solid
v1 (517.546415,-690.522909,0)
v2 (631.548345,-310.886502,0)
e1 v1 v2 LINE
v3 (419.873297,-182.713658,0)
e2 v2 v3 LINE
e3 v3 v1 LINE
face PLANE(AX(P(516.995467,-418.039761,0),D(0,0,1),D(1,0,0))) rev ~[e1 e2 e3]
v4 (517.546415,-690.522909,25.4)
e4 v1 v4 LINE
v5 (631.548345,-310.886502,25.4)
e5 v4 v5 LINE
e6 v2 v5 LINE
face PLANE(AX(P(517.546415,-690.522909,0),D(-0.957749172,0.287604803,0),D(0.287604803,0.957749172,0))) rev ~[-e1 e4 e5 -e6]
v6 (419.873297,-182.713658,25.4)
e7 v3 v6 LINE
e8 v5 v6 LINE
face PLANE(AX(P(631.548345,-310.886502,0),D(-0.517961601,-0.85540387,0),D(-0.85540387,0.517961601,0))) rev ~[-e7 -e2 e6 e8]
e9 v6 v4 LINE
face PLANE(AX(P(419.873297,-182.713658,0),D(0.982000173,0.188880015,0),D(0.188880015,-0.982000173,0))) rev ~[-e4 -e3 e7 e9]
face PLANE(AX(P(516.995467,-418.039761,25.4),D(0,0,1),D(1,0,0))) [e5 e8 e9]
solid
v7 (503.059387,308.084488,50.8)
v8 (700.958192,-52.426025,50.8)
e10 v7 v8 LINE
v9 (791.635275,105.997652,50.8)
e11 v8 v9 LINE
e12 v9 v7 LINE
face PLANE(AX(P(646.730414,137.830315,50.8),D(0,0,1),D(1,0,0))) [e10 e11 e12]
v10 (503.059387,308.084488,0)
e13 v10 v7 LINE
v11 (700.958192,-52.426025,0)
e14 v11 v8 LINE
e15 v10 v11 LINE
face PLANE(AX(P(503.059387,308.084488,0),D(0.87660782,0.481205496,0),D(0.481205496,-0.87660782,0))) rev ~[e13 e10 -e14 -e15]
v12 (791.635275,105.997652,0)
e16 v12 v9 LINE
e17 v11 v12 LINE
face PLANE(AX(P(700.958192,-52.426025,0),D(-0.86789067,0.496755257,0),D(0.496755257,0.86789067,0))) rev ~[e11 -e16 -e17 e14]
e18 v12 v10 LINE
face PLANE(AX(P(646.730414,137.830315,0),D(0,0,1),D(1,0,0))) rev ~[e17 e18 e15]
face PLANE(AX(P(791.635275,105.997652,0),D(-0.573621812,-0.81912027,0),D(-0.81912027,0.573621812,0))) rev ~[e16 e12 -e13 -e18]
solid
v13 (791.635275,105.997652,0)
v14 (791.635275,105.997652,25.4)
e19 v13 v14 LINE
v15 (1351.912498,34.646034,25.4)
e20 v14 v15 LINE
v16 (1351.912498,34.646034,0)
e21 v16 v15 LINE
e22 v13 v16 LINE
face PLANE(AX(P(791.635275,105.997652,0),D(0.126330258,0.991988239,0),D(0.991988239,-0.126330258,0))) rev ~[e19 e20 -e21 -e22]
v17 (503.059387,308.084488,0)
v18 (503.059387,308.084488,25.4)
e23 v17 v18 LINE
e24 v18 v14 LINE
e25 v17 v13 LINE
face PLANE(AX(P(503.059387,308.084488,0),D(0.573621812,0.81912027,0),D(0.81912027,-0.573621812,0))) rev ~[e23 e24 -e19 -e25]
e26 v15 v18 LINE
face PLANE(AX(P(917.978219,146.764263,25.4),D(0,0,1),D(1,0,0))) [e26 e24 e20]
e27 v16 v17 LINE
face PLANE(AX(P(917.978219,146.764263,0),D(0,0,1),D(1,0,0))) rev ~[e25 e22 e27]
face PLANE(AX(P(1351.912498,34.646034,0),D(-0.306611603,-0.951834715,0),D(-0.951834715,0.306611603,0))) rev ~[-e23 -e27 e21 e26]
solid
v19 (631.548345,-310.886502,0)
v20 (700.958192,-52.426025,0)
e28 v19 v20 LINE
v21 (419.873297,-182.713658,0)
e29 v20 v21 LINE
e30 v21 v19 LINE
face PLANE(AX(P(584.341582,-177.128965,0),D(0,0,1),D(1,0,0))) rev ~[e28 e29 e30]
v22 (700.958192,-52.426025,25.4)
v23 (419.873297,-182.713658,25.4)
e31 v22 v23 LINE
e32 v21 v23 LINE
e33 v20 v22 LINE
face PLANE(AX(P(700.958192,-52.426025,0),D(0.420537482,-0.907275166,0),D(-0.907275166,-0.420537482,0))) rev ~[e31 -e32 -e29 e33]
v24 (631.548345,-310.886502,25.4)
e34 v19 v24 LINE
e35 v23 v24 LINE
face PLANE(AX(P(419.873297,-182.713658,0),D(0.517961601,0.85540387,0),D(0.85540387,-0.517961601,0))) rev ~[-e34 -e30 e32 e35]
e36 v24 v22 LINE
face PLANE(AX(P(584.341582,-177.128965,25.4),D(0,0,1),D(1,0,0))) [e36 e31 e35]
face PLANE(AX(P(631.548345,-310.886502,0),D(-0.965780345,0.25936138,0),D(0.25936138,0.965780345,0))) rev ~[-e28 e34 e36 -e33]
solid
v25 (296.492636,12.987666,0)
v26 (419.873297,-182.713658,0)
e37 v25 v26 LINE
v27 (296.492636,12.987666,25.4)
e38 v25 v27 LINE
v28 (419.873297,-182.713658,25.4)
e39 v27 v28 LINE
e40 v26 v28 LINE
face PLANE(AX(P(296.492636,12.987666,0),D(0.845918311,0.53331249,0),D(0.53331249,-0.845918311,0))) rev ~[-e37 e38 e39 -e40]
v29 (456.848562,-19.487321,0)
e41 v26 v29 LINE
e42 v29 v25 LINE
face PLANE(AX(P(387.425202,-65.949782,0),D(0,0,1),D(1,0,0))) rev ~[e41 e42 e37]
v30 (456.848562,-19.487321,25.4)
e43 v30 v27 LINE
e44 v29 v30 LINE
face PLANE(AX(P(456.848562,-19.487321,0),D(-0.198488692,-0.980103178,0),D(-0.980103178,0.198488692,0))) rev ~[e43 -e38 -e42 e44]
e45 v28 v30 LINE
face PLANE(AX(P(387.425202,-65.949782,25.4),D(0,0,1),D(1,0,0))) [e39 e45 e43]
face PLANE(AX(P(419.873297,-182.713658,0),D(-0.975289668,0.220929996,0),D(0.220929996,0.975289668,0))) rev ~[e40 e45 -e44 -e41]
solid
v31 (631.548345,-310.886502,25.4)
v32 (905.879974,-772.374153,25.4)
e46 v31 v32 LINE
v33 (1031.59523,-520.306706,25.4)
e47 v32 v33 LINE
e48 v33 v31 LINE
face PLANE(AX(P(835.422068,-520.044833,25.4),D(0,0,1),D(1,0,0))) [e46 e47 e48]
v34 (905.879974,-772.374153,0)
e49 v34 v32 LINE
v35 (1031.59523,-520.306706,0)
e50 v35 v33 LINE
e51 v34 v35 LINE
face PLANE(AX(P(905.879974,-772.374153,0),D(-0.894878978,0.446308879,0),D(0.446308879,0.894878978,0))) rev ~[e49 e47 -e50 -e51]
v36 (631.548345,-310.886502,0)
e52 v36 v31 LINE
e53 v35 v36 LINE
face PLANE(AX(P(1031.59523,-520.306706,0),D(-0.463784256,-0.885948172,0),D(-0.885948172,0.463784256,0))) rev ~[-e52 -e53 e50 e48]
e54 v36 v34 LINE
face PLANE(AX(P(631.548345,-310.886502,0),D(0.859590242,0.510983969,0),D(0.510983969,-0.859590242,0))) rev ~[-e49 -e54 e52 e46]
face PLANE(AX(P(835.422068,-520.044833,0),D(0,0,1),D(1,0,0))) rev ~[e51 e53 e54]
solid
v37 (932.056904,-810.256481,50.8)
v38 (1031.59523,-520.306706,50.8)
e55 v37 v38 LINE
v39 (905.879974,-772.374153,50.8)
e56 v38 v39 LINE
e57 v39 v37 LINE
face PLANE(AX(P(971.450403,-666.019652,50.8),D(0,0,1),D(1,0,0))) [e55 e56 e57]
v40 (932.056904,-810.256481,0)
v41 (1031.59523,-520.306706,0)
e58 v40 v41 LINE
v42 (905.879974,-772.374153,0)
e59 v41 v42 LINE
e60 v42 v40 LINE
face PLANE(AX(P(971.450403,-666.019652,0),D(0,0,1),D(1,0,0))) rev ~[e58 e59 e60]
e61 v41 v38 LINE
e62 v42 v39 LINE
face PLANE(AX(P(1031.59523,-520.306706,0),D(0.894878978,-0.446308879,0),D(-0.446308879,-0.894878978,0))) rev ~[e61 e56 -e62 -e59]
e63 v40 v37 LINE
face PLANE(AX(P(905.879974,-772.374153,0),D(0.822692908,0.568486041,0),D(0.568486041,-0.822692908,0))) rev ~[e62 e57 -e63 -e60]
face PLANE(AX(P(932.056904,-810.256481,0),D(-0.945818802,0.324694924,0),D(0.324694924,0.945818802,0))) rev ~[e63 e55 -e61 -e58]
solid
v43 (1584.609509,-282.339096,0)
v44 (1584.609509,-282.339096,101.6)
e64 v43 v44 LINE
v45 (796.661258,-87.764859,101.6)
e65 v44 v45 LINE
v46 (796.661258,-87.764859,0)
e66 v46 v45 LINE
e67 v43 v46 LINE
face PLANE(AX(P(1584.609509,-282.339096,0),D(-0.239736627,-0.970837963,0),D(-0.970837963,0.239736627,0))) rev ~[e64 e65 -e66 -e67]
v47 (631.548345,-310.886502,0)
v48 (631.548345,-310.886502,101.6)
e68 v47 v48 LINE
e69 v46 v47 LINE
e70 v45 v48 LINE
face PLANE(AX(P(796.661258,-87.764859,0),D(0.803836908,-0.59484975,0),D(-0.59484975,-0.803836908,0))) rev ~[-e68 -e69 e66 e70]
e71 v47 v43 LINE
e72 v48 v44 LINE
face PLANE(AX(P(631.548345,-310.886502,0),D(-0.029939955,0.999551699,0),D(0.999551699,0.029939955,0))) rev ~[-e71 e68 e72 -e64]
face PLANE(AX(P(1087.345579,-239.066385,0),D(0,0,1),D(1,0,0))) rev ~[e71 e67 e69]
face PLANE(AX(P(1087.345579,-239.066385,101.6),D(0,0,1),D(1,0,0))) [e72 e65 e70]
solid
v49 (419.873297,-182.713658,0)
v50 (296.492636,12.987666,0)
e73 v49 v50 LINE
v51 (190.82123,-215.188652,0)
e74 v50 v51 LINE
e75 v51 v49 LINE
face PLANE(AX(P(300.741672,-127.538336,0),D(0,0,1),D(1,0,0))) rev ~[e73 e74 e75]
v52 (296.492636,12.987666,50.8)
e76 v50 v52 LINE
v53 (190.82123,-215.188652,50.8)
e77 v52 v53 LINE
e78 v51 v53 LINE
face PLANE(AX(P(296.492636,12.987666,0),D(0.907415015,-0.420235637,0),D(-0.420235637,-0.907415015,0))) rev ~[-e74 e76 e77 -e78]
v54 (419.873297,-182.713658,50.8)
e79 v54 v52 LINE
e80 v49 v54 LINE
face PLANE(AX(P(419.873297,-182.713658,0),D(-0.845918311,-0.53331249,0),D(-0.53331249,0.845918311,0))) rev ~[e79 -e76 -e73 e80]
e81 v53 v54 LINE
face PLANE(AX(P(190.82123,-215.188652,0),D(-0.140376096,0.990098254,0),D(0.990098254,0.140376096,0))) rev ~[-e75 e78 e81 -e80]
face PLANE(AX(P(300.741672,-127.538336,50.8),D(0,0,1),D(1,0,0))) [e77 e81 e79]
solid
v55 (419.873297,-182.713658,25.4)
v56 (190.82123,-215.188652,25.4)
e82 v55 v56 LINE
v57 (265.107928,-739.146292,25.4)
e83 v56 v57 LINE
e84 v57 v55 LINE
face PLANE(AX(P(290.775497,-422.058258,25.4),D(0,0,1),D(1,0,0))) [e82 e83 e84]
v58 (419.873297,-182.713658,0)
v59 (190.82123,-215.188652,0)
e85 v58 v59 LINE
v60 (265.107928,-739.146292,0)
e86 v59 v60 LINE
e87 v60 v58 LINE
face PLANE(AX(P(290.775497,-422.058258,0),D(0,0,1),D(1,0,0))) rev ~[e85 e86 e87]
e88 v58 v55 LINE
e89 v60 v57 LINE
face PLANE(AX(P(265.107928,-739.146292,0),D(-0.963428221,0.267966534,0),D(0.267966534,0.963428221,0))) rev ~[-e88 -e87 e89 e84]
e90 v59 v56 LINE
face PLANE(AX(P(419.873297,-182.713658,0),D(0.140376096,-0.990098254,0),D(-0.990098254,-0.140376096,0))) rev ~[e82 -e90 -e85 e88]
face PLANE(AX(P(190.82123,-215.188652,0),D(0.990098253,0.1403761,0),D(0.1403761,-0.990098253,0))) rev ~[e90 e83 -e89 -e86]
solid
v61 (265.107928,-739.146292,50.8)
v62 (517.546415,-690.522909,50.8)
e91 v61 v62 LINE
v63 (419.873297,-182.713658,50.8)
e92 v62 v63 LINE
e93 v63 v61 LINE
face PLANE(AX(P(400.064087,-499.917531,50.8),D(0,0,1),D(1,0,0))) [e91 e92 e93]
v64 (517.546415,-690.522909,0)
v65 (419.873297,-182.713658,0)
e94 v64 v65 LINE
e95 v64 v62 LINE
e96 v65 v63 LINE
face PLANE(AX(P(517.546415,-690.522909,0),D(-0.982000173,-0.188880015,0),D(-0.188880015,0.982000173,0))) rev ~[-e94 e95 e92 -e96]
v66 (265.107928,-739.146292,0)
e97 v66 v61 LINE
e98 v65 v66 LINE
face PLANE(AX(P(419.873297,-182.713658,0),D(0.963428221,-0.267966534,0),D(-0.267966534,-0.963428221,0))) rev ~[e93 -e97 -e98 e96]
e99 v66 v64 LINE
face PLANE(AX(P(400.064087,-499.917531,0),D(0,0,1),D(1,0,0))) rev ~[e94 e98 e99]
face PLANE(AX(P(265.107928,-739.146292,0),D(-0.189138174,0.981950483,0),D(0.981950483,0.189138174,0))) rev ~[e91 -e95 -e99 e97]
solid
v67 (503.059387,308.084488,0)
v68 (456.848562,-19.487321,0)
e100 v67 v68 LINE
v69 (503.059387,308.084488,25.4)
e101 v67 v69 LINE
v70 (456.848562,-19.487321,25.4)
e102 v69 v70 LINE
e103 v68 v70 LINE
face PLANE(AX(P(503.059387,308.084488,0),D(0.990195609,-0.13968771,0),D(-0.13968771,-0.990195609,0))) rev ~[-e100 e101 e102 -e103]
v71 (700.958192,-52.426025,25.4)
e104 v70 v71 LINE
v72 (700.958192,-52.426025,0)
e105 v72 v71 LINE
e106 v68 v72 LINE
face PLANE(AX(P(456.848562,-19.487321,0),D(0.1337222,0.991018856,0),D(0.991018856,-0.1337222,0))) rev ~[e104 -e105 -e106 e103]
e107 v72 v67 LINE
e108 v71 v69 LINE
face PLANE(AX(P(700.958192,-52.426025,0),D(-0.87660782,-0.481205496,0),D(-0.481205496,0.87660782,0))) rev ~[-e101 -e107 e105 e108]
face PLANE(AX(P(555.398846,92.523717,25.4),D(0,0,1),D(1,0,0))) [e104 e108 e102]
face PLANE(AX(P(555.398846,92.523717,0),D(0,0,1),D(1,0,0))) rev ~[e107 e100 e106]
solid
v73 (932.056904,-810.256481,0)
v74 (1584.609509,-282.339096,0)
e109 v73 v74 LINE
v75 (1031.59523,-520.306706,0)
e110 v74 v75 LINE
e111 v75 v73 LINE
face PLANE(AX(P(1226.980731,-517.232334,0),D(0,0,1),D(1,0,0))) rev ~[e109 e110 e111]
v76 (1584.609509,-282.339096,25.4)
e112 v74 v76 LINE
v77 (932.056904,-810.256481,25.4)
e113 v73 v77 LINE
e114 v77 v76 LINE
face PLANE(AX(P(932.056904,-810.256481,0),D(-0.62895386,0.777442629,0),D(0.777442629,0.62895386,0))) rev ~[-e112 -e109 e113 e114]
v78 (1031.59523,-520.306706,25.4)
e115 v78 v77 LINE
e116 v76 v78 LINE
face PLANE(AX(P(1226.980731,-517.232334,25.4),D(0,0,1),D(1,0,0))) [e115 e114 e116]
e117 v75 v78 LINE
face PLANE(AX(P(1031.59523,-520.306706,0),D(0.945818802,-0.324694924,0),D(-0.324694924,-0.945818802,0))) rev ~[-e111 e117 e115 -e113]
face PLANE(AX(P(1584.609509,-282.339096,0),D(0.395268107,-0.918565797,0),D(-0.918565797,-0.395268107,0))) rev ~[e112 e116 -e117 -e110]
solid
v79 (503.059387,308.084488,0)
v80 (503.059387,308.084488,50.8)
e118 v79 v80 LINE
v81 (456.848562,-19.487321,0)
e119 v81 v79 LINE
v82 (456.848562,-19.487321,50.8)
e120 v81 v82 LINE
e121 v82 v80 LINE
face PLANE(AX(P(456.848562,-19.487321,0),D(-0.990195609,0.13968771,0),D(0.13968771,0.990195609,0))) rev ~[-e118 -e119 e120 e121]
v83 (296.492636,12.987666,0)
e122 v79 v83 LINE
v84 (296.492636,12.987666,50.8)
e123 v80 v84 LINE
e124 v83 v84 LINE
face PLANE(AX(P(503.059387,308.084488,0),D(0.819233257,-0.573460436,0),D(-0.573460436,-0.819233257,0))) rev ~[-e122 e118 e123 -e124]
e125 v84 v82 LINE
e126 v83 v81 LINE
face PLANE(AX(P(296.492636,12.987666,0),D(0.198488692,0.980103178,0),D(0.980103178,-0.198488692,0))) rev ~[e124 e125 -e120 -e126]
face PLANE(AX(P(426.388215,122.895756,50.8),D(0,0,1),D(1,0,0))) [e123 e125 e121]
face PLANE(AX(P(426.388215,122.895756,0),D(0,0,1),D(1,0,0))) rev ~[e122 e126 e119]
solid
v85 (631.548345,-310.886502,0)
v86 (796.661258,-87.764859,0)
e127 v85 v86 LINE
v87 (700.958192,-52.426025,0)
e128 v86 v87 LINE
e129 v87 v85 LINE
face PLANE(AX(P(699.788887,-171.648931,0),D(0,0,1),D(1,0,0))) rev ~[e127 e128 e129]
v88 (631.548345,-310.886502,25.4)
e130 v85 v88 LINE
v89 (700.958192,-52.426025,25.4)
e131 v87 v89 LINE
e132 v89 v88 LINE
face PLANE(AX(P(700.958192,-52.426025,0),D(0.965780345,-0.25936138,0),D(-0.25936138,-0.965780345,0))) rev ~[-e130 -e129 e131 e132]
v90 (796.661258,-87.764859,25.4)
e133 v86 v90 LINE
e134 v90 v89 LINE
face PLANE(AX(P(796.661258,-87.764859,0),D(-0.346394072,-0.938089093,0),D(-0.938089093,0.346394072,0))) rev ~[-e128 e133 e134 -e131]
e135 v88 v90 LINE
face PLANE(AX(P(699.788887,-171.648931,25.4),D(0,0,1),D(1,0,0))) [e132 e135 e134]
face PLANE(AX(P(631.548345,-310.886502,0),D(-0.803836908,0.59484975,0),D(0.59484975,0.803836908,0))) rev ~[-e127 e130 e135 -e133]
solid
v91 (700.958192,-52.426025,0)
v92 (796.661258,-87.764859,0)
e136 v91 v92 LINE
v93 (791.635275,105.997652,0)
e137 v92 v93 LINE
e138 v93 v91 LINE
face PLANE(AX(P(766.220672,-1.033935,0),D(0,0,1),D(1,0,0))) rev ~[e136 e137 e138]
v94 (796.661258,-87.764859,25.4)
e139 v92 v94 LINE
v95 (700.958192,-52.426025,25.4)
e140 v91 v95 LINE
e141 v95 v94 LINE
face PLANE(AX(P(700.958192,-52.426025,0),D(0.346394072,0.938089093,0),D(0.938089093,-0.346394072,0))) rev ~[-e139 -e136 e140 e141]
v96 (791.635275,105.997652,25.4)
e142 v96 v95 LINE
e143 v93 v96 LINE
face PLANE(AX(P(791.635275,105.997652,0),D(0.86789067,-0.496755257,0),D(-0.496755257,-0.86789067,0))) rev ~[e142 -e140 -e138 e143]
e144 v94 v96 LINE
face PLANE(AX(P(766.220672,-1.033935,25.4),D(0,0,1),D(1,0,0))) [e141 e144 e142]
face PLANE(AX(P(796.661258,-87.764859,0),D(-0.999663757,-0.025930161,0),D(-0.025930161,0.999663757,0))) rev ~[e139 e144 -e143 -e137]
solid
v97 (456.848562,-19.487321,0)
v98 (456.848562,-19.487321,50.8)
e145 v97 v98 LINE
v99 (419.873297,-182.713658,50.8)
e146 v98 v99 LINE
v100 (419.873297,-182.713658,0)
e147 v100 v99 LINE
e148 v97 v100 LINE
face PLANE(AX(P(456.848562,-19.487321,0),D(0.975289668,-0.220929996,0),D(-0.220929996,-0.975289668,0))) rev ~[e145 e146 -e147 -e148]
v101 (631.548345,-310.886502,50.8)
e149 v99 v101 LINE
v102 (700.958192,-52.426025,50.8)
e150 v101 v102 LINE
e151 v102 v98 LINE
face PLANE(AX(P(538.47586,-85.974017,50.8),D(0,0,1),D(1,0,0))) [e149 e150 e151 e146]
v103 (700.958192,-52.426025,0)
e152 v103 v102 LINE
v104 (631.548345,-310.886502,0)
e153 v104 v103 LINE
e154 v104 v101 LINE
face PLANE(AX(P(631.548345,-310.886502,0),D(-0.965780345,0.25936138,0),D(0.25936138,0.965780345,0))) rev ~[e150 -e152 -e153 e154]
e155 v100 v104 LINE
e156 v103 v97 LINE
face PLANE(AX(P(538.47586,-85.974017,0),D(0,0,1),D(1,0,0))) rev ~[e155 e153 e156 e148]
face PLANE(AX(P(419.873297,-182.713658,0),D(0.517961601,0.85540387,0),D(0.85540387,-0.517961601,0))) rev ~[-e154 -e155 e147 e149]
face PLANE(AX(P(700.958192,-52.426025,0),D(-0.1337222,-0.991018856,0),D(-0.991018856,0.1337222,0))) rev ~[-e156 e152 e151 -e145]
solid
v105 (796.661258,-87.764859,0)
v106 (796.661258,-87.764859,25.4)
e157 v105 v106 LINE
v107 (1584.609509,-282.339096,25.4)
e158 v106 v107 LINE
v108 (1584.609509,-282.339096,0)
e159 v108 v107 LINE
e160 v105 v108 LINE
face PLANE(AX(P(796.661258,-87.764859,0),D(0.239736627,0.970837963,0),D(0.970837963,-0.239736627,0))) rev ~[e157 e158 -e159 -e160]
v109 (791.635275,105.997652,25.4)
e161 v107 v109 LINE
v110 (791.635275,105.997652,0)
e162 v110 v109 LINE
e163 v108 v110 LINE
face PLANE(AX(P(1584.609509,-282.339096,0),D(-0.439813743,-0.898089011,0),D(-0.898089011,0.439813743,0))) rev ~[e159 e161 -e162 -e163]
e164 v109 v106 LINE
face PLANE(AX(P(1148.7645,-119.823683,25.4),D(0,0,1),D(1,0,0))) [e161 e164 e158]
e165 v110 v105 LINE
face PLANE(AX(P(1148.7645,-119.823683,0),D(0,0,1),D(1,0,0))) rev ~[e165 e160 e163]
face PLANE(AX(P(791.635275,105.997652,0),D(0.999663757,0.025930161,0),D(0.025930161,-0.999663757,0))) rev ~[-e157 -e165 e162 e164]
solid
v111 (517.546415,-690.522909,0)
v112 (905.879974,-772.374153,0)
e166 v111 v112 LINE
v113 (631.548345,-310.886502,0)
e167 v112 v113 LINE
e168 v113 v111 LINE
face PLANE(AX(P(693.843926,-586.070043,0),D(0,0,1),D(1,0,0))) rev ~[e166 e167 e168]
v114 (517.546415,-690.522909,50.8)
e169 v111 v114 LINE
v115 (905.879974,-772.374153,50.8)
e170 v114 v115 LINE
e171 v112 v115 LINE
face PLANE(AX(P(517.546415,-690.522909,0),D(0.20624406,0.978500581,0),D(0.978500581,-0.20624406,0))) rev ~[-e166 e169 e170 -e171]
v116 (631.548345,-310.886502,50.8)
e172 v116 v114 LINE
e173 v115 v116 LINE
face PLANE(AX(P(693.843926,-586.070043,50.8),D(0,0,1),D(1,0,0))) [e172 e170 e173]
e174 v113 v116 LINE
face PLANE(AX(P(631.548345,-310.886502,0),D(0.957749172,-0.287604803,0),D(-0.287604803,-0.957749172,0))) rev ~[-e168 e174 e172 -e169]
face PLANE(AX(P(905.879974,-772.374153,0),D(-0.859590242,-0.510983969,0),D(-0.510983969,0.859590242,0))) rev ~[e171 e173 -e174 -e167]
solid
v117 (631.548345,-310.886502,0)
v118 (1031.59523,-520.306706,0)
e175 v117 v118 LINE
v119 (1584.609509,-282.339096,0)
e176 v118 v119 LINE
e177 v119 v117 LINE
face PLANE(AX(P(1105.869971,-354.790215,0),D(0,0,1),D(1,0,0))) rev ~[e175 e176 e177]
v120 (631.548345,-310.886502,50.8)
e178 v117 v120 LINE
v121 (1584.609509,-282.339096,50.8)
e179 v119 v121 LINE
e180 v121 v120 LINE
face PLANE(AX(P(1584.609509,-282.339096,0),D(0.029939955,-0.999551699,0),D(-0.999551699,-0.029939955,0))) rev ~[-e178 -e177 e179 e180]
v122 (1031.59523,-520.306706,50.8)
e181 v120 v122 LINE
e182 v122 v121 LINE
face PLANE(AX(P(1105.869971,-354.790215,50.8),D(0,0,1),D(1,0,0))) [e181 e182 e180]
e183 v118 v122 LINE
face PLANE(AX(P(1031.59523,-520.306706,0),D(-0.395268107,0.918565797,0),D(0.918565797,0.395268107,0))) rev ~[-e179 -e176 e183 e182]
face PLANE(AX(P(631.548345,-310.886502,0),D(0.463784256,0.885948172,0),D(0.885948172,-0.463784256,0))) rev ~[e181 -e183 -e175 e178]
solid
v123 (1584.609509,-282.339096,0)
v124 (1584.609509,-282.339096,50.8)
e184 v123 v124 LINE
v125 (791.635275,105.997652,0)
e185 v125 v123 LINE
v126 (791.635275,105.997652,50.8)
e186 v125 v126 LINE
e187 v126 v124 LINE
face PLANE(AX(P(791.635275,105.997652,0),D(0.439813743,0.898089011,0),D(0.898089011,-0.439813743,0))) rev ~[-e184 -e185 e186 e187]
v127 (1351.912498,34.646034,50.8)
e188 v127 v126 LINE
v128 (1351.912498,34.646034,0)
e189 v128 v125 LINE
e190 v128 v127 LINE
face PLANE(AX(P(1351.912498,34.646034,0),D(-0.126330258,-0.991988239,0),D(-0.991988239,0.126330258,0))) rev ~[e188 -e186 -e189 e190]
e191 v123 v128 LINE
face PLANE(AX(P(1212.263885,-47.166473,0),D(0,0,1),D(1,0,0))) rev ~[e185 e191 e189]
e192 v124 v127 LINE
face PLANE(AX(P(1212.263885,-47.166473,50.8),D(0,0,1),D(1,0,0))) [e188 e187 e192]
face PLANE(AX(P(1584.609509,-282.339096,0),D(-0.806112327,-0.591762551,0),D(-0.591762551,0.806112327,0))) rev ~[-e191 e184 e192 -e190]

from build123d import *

# Parameters (mm, degrees)
F1_DEPTH = 25.4
F2_DEPTH = 50.8
F3_DEPTH = 25.4
F4_DEPTH = 101.6


with BuildPart() as f1:
    # F0 (on Top) → F1 (new body)
    with BuildSketch(Plane.XY):
        Polygon((932.056904, -810.256481), (1584.609509, -282.339096), (1031.59523, -520.306706), align=None)
        Polygon((1031.59523, -520.306706), (631.548345, -310.886502), (905.879974, -772.374153), align=None)
        Polygon((631.548345, -310.886502), (419.873297, -182.713658), (517.546415, -690.522909), align=None)
        Polygon((419.873297, -182.713658), (190.82123, -215.188652), (265.107928, -739.146292), align=None)
        Polygon((456.848562, -19.487321), (296.492636, 12.987666), (419.873297, -182.713658), align=None)
        Polygon((796.661258, -87.764859), (700.958192, -52.426025), (631.548345, -310.886502), align=None)
        Polygon((1584.609509, -282.339096), (791.635275, 105.997652), (796.661258, -87.764859), align=None)
        Polygon((1351.912498, 34.646034), (503.059387, 308.084488), (791.635275, 105.997652), align=None)
        Polygon((503.059387, 308.084488), (456.848562, -19.487321), (700.958192, -52.426025), align=None)
    extrude(amount=F1_DEPTH)


with BuildPart() as f2:
    # F0 (on Top) → F2 (new body)
    with BuildSketch(Plane.XY):
        Polygon((503.059387, 308.084488), (296.492636, 12.987666), (456.848562, -19.487321), align=None)
        Polygon((419.873297, -182.713658), (296.492636, 12.987666), (190.82123, -215.188652), align=None)
        Polygon((456.848562, -19.487321), (419.873297, -182.713658), (700.958192, -52.426025), align=None)
        Polygon((791.635275, 105.997652), (503.059387, 308.084488), (700.958192, -52.426025), align=None)
        Polygon((1351.912498, 34.646034), (791.635275, 105.997652), (1584.609509, -282.339096), align=None)
        Polygon((1584.609509, -282.339096), (631.548345, -310.886502), (1031.59523, -520.306706), align=None)
        Polygon((1031.59523, -520.306706), (905.879974, -772.374153), (932.056904, -810.256481), align=None)
        Polygon((517.546415, -690.522909), (419.873297, -182.713658), (265.107928, -739.146292), align=None)
        Polygon((905.879974, -772.374153), (631.548345, -310.886502), (517.546415, -690.522909), align=None)
        Polygon((700.958192, -52.426025), (419.873297, -182.713658), (631.548345, -310.886502), align=None)
    extrude(amount=F2_DEPTH)


with BuildPart() as f3:
    # F0 (on Top) → F3 (new body)
    with BuildSketch(Plane.XY):
        Polygon((791.635275, 105.997652), (700.958192, -52.426025), (796.661258, -87.764859), align=None)
        Polygon((700.958192, -52.426025), (419.873297, -182.713658), (631.548345, -310.886502), align=None)
    extrude(amount=F3_DEPTH)


with BuildPart() as f4:
    # F0 (on Top) → F4 (new body)
    with BuildSketch(Plane.XY):
        Polygon((796.661258, -87.764859), (631.548345, -310.886502), (1584.609509, -282.339096), align=None)
    extrude(amount=F4_DEPTH)


solid = Compound([f1.part, f2.part, f3.part, f4.part])
